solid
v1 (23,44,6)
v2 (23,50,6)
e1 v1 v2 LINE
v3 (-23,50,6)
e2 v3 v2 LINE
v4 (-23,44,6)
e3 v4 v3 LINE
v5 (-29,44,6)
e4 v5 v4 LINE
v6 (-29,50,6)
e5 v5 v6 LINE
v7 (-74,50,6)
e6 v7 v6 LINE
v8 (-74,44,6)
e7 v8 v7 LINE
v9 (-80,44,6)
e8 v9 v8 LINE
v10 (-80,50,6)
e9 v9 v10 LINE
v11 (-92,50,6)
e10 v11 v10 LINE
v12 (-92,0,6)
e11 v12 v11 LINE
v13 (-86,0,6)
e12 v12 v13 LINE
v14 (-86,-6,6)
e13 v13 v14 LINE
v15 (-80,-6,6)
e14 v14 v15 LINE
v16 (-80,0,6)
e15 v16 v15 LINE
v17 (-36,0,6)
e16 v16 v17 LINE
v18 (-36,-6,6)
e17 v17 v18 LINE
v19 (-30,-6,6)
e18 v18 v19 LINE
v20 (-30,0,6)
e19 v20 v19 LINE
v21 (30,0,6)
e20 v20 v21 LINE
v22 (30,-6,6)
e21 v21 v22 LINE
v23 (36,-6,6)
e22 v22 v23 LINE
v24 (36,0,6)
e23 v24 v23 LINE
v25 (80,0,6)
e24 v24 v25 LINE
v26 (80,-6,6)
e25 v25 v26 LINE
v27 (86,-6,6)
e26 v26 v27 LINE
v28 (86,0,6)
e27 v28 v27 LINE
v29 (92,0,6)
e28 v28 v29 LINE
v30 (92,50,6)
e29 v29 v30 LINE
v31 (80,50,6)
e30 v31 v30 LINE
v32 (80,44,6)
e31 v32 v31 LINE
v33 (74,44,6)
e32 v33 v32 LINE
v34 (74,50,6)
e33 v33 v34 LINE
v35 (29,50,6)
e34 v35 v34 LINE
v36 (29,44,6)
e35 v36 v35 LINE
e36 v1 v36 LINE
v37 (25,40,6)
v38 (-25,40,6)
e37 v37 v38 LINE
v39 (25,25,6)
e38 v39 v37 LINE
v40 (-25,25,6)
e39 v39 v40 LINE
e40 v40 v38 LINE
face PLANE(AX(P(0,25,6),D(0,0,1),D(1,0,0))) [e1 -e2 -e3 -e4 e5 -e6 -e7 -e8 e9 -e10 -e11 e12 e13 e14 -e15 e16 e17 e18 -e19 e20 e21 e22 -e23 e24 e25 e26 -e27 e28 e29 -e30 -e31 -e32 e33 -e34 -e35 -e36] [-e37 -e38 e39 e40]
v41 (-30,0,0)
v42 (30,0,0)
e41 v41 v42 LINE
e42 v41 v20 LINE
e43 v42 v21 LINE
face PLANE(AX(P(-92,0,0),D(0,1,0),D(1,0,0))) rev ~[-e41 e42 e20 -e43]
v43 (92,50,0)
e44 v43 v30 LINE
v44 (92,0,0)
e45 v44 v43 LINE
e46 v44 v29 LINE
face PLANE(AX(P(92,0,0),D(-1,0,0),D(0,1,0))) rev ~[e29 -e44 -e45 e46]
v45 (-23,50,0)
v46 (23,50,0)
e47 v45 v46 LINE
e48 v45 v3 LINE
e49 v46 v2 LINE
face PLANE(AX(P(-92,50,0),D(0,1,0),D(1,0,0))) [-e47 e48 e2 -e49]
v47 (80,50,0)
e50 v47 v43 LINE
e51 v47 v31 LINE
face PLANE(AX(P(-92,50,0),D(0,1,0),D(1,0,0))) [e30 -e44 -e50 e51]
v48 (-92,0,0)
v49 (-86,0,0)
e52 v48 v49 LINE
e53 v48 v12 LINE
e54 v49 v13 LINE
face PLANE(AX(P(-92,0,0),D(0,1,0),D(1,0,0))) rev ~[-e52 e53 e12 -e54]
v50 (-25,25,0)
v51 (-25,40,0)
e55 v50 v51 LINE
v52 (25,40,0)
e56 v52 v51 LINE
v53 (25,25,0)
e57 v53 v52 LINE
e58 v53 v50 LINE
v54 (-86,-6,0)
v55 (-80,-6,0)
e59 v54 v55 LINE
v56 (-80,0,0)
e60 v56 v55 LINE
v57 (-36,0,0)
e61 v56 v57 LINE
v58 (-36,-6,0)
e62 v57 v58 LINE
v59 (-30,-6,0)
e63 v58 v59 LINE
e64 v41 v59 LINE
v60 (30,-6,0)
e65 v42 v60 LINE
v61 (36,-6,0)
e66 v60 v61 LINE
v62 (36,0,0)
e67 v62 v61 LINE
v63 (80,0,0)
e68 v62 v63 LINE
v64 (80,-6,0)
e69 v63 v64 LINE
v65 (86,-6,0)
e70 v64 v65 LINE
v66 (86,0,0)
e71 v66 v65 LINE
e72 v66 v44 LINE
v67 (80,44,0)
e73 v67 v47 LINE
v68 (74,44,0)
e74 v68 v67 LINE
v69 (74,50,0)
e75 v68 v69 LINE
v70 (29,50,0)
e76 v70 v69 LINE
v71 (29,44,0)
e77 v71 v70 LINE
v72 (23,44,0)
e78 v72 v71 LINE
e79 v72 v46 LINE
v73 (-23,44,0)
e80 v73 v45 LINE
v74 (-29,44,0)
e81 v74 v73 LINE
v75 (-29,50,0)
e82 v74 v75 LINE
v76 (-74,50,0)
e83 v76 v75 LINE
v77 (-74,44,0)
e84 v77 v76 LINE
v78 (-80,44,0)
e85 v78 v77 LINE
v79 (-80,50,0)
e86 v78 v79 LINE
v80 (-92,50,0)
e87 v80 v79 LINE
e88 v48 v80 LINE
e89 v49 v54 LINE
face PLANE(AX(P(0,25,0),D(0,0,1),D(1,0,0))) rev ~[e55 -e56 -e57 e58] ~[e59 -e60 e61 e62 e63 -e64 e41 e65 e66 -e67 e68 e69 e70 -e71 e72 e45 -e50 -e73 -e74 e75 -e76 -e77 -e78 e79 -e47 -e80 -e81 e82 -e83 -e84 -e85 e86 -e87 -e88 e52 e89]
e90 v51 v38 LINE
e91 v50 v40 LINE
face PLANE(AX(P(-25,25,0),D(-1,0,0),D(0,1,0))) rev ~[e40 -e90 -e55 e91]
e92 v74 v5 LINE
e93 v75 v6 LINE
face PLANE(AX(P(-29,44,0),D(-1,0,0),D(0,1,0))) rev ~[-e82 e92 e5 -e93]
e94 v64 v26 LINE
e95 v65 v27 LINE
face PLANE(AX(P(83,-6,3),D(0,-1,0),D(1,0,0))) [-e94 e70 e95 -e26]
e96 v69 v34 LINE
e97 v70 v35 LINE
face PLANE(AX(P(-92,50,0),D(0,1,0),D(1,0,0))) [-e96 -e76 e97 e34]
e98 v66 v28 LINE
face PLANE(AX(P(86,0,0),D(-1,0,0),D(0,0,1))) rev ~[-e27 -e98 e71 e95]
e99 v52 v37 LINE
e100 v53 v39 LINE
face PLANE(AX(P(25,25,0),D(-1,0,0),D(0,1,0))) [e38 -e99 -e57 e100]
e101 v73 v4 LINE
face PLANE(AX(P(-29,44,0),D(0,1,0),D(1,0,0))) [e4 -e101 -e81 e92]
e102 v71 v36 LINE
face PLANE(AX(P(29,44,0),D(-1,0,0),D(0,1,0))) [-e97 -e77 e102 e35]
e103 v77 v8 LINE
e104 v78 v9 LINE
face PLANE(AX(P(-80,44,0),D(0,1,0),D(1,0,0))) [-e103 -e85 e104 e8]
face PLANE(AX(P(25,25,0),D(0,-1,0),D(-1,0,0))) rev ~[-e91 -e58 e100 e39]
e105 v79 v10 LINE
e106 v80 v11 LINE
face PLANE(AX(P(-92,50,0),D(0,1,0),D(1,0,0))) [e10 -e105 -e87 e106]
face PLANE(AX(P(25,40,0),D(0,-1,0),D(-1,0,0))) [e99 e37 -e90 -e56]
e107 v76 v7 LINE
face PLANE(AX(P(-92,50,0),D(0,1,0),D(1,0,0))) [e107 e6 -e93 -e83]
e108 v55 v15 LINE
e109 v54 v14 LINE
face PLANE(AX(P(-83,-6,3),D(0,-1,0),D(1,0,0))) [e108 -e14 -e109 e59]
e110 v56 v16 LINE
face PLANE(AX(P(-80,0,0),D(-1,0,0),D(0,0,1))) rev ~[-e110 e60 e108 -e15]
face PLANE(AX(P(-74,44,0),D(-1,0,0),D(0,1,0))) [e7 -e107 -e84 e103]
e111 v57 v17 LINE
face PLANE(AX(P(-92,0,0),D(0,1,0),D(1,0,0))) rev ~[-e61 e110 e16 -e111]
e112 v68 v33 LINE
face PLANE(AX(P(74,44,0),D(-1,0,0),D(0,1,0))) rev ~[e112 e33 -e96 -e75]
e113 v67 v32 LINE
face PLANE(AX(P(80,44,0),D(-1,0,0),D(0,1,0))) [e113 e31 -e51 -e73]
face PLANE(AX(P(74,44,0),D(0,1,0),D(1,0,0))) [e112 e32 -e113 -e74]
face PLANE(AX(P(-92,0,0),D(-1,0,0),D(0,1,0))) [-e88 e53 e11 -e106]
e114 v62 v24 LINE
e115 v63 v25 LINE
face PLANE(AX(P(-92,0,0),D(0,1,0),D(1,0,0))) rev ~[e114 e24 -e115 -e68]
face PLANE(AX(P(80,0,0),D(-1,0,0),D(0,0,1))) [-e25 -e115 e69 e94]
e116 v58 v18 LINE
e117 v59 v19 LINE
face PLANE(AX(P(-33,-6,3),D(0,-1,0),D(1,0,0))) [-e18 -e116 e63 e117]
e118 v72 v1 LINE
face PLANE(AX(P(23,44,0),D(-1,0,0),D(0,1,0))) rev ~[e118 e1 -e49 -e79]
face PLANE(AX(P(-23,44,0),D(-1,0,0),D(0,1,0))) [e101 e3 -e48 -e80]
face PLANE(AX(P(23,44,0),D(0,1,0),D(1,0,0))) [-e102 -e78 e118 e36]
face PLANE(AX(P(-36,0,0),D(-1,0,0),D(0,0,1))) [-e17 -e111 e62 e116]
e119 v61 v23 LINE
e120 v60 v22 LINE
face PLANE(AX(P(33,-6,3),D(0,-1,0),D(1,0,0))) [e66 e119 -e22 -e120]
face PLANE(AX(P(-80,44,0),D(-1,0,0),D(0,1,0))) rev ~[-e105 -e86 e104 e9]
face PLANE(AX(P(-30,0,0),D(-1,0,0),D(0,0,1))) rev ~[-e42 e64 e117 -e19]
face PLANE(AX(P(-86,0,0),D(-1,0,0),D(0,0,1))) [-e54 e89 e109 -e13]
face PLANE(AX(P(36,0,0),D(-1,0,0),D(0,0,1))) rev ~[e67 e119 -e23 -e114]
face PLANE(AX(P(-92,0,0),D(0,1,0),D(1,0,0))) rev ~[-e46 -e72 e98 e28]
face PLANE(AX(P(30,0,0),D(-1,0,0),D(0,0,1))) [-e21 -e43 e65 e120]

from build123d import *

# Parameters (mm, degrees)
SKETCH1_W           = 184
SKETCH1_H           = 50
BOSS_EXTRUDE2_DEPTH = 6
SKETCH7_W           = 6
SKETCH7_H           = 6
CUT_EXTRUDE3_DEPTH  = 6
SKETCH8_W           = 50
SKETCH8_H           = 15
CUT_EXTRUDE4_DEPTH  = 6
SKETCH9_W           = 6
SKETCH9_H           = 6
BOSS_EXTRUDE3_DEPTH = 6


with BuildPart() as part:
    # Sketch1 → Boss-Extrude2 (new body)
    with BuildSketch(Plane.XY):
        with Locations((0, 25)):
            Rectangle(SKETCH1_W, SKETCH1_H)
    extrude(amount=BOSS_EXTRUDE2_DEPTH)

    # Sketch7 → Cut-Extrude3 (cut)
    with BuildSketch(Plane.XY):
        with Locations((77, 47)):
            Rectangle(SKETCH7_W, SKETCH7_H)
        with Locations((26, 47)):
            Rectangle(SKETCH7_W, SKETCH7_H)
        with Locations((-77, 47)):
            Rectangle(SKETCH7_W, SKETCH7_H)
        with Locations((-26, 47)):
            Rectangle(SKETCH7_W, SKETCH7_H)
    extrude(amount=CUT_EXTRUDE3_DEPTH, mode=Mode.SUBTRACT)

    # Sketch8 → Cut-Extrude4 (cut)
    with BuildSketch(Plane(origin=(0, 0, 0), x_dir=(-1, 0, 0), z_dir=(0, 0, -1))):
        with Locations((0, 32.5)):
            Rectangle(SKETCH8_W, SKETCH8_H)
    extrude(amount=-CUT_EXTRUDE4_DEPTH, mode=Mode.SUBTRACT)

    # Sketch9 → Boss-Extrude3 (add)
    with BuildSketch(Plane.XZ):
        with Locations((-83, 3)):
            Rectangle(SKETCH9_W, SKETCH9_H)
        with Locations((-33, 3)):
            Rectangle(SKETCH9_W, SKETCH9_H)
        with Locations((33, 3)):
            Rectangle(SKETCH9_W, SKETCH9_H)
        with Locations((83, 3)):
            Rectangle(SKETCH9_W, SKETCH9_H)
    extrude(amount=BOSS_EXTRUDE3_DEPTH)


solid = part.part
